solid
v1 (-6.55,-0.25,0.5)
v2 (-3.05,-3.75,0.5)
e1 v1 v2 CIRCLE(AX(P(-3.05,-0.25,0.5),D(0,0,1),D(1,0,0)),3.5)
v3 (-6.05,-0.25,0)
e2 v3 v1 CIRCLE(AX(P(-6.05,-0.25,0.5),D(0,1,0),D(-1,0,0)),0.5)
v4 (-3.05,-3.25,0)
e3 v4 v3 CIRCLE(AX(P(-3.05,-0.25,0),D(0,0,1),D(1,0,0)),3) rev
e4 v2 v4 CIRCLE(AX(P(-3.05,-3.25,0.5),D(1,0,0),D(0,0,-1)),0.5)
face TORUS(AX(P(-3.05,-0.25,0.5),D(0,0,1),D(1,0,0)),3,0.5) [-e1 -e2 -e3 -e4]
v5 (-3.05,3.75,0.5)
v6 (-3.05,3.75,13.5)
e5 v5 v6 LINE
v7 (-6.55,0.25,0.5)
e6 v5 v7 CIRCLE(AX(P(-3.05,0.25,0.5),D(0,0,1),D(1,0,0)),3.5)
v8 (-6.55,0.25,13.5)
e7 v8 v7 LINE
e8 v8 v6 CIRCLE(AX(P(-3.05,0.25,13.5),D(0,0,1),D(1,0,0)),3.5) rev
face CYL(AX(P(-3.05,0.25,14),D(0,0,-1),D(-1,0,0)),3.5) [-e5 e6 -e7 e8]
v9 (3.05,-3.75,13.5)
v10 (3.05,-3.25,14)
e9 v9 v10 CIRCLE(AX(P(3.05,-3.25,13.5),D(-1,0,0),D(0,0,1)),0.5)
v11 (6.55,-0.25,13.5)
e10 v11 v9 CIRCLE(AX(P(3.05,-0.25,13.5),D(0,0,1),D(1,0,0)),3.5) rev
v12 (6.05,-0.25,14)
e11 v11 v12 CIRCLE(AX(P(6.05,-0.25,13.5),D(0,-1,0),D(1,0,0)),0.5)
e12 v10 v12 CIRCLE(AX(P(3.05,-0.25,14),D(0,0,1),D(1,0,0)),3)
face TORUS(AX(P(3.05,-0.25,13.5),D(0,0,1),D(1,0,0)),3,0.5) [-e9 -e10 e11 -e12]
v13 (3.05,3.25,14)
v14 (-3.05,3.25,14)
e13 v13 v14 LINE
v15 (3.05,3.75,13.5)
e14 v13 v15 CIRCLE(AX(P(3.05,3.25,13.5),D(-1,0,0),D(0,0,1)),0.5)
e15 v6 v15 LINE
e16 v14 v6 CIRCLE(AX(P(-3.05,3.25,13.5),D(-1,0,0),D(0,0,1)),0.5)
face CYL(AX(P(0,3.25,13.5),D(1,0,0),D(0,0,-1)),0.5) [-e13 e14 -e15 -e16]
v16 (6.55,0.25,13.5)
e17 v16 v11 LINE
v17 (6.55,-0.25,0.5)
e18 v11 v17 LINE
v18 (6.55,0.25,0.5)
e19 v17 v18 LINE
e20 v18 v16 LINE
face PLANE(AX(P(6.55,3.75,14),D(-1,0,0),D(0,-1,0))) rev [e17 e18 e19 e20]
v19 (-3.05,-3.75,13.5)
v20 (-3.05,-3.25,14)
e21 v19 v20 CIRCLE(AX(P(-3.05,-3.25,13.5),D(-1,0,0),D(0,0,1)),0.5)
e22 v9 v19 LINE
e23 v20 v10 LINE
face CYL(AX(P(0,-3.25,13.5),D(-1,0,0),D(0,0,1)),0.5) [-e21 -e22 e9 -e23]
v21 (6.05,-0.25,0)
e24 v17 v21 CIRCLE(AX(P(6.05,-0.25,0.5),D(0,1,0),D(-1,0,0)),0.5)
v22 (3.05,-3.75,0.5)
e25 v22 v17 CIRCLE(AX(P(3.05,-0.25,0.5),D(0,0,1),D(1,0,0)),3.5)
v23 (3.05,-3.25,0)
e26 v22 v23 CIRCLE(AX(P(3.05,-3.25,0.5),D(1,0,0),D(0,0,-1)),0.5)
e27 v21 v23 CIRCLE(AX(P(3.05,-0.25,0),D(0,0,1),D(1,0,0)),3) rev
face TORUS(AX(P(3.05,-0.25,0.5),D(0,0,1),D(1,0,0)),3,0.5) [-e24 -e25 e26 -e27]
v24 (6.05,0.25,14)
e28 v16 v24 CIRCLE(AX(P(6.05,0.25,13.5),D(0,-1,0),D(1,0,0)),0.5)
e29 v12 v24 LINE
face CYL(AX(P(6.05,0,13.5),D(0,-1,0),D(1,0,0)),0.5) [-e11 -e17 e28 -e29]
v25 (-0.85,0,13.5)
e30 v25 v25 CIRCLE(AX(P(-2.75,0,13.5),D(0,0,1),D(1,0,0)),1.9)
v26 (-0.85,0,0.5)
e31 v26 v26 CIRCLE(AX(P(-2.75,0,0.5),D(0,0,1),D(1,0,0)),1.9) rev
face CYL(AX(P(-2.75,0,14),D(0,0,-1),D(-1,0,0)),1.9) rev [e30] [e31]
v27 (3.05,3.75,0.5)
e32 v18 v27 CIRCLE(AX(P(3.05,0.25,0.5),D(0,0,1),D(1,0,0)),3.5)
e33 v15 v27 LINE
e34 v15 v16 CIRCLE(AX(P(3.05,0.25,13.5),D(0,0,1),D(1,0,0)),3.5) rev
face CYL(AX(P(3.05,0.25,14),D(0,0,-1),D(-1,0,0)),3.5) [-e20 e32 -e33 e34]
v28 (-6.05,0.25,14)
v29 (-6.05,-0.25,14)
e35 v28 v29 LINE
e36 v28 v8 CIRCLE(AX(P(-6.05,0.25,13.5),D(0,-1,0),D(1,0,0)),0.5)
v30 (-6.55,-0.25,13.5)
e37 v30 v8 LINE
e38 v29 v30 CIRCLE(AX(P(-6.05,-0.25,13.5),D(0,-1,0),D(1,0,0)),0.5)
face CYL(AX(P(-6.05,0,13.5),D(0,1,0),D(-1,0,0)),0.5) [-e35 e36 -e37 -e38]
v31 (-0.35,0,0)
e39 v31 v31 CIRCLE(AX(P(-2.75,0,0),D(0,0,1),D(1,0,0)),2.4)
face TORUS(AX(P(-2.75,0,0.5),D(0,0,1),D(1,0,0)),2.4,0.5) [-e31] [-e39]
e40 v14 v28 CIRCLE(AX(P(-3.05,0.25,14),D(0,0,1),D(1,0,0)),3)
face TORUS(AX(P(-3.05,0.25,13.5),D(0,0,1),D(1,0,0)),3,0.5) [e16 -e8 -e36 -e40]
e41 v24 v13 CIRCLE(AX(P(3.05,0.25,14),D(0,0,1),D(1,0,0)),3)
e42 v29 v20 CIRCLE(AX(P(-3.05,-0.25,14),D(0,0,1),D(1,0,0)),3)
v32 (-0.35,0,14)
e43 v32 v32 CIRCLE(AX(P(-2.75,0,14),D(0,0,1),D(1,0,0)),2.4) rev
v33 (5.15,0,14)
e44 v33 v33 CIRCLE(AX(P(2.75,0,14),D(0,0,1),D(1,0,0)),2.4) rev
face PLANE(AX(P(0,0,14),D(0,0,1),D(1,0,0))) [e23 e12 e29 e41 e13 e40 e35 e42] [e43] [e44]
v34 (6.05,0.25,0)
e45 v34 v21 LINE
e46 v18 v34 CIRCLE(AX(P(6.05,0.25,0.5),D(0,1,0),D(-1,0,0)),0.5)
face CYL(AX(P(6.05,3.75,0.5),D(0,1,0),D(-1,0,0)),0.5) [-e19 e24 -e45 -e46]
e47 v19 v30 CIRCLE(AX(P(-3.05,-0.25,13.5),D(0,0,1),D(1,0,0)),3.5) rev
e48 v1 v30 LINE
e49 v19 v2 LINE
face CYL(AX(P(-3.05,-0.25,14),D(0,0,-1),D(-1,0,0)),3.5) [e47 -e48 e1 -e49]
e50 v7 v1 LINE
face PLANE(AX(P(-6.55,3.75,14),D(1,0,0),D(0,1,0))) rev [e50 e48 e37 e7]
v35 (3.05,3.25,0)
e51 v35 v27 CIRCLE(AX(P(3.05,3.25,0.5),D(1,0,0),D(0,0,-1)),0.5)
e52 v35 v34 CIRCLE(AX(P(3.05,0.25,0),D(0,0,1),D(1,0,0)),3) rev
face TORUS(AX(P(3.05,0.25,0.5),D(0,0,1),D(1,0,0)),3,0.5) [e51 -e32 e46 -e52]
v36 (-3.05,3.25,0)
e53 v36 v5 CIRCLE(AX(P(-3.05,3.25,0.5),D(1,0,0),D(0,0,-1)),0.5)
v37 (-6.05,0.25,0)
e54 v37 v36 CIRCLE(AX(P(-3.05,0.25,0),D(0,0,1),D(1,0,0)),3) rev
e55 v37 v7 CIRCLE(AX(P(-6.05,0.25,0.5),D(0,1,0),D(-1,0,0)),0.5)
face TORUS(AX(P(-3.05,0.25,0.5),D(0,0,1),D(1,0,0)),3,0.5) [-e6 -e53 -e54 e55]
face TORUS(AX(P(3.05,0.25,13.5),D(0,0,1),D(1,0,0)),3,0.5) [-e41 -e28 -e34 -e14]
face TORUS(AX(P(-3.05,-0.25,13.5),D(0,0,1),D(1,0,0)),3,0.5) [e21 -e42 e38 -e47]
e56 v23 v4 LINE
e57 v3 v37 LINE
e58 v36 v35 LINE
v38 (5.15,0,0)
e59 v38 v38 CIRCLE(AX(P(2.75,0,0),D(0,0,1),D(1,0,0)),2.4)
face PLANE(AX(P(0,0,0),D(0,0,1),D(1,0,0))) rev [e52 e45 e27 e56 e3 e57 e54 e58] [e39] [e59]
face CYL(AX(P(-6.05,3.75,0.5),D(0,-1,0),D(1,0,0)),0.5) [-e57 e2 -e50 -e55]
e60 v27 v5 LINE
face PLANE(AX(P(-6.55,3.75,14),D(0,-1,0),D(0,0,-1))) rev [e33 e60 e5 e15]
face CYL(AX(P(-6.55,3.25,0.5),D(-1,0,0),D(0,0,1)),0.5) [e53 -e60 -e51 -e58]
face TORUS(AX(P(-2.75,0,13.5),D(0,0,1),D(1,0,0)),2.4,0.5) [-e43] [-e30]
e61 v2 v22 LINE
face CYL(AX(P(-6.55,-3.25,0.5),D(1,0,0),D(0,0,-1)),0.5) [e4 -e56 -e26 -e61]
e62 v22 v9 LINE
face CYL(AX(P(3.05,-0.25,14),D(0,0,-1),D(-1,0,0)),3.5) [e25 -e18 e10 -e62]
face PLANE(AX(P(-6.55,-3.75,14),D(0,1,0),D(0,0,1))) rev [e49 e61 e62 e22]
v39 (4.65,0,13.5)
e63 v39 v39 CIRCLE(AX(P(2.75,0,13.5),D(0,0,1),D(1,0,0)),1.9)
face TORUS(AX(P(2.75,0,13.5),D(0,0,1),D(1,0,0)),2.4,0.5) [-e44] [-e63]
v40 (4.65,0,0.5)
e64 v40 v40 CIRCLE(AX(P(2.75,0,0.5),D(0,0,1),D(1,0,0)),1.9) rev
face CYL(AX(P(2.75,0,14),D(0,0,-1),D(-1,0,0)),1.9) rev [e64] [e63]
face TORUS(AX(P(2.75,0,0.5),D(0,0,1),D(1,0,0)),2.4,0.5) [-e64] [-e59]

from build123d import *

# Parameters (mm, degrees)
SKETCH_1_W      = 13.1
SKETCH_1_H      = 7.5
SKETCH_1_R      = 1.9
EXTRUDE_1_DEPTH = 14
FILLET_1_R      = 3.5
FILLET_2_R      = 0.5
FILLET_3_R      = 0.5


with BuildPart() as part:
    # Эскиз1 → Бобышка-Вытянуть1 (new body)
    with BuildSketch(Plane.XY):
        Rectangle(SKETCH_1_W, SKETCH_1_H)
        with Locations((-2.75, 0)):
            Circle(SKETCH_1_R, mode=Mode.SUBTRACT)
        with Locations((2.75, 0)):
            Circle(SKETCH_1_R, mode=Mode.SUBTRACT)
    extrude(amount=EXTRUDE_1_DEPTH)

    # Скругление1
    fillet_1_edges = [part.edges().sort_by_distance(p)[0] for p in [
        (6.55, -3.75, 7),
        (-6.55, -3.75, 7),
        (-6.55, 3.75, 7),
        (6.55, 3.75, 7),
    ]]
    fillet(fillet_1_edges, radius=FILLET_1_R)

    # Скругление2
    fillet_2_edges = [part.edges().sort_by_distance(p)[0] for p in [
        (-4.65, 0, 14),
        (0.85, 0, 14),
        (6.55, 0, 14),
        (0, -3.75, 14),
        (0, 3.75, 14),
        (-6.55, 0, 14),
        (5.524873734, 2.724873734, 14),
        (-5.524873734, 2.724873734, 14),
        (-5.524873734, -2.724873734, 14),
        (5.524873734, -2.724873734, 14),
    ]]
    fillet(fillet_2_edges, radius=FILLET_2_R)

    # Скругление3
    fillet_3_edges = [part.edges().sort_by_distance(p)[0] for p in [
        (-4.65, 0, 0),
        (0.85, 0, 0),
        (6.55, 0, 0),
        (0, -3.75, 0),
        (-6.55, 0, 0),
        (0, 3.75, 0),
        (5.524873734, 2.724873734, 0),
        (-5.524873734, 2.724873734, 0),
        (-5.524873734, -2.724873734, 0),
        (5.524873734, -2.724873734, 0),
    ]]
    fillet(fillet_3_edges, radius=FILLET_3_R)


solid = part.part
